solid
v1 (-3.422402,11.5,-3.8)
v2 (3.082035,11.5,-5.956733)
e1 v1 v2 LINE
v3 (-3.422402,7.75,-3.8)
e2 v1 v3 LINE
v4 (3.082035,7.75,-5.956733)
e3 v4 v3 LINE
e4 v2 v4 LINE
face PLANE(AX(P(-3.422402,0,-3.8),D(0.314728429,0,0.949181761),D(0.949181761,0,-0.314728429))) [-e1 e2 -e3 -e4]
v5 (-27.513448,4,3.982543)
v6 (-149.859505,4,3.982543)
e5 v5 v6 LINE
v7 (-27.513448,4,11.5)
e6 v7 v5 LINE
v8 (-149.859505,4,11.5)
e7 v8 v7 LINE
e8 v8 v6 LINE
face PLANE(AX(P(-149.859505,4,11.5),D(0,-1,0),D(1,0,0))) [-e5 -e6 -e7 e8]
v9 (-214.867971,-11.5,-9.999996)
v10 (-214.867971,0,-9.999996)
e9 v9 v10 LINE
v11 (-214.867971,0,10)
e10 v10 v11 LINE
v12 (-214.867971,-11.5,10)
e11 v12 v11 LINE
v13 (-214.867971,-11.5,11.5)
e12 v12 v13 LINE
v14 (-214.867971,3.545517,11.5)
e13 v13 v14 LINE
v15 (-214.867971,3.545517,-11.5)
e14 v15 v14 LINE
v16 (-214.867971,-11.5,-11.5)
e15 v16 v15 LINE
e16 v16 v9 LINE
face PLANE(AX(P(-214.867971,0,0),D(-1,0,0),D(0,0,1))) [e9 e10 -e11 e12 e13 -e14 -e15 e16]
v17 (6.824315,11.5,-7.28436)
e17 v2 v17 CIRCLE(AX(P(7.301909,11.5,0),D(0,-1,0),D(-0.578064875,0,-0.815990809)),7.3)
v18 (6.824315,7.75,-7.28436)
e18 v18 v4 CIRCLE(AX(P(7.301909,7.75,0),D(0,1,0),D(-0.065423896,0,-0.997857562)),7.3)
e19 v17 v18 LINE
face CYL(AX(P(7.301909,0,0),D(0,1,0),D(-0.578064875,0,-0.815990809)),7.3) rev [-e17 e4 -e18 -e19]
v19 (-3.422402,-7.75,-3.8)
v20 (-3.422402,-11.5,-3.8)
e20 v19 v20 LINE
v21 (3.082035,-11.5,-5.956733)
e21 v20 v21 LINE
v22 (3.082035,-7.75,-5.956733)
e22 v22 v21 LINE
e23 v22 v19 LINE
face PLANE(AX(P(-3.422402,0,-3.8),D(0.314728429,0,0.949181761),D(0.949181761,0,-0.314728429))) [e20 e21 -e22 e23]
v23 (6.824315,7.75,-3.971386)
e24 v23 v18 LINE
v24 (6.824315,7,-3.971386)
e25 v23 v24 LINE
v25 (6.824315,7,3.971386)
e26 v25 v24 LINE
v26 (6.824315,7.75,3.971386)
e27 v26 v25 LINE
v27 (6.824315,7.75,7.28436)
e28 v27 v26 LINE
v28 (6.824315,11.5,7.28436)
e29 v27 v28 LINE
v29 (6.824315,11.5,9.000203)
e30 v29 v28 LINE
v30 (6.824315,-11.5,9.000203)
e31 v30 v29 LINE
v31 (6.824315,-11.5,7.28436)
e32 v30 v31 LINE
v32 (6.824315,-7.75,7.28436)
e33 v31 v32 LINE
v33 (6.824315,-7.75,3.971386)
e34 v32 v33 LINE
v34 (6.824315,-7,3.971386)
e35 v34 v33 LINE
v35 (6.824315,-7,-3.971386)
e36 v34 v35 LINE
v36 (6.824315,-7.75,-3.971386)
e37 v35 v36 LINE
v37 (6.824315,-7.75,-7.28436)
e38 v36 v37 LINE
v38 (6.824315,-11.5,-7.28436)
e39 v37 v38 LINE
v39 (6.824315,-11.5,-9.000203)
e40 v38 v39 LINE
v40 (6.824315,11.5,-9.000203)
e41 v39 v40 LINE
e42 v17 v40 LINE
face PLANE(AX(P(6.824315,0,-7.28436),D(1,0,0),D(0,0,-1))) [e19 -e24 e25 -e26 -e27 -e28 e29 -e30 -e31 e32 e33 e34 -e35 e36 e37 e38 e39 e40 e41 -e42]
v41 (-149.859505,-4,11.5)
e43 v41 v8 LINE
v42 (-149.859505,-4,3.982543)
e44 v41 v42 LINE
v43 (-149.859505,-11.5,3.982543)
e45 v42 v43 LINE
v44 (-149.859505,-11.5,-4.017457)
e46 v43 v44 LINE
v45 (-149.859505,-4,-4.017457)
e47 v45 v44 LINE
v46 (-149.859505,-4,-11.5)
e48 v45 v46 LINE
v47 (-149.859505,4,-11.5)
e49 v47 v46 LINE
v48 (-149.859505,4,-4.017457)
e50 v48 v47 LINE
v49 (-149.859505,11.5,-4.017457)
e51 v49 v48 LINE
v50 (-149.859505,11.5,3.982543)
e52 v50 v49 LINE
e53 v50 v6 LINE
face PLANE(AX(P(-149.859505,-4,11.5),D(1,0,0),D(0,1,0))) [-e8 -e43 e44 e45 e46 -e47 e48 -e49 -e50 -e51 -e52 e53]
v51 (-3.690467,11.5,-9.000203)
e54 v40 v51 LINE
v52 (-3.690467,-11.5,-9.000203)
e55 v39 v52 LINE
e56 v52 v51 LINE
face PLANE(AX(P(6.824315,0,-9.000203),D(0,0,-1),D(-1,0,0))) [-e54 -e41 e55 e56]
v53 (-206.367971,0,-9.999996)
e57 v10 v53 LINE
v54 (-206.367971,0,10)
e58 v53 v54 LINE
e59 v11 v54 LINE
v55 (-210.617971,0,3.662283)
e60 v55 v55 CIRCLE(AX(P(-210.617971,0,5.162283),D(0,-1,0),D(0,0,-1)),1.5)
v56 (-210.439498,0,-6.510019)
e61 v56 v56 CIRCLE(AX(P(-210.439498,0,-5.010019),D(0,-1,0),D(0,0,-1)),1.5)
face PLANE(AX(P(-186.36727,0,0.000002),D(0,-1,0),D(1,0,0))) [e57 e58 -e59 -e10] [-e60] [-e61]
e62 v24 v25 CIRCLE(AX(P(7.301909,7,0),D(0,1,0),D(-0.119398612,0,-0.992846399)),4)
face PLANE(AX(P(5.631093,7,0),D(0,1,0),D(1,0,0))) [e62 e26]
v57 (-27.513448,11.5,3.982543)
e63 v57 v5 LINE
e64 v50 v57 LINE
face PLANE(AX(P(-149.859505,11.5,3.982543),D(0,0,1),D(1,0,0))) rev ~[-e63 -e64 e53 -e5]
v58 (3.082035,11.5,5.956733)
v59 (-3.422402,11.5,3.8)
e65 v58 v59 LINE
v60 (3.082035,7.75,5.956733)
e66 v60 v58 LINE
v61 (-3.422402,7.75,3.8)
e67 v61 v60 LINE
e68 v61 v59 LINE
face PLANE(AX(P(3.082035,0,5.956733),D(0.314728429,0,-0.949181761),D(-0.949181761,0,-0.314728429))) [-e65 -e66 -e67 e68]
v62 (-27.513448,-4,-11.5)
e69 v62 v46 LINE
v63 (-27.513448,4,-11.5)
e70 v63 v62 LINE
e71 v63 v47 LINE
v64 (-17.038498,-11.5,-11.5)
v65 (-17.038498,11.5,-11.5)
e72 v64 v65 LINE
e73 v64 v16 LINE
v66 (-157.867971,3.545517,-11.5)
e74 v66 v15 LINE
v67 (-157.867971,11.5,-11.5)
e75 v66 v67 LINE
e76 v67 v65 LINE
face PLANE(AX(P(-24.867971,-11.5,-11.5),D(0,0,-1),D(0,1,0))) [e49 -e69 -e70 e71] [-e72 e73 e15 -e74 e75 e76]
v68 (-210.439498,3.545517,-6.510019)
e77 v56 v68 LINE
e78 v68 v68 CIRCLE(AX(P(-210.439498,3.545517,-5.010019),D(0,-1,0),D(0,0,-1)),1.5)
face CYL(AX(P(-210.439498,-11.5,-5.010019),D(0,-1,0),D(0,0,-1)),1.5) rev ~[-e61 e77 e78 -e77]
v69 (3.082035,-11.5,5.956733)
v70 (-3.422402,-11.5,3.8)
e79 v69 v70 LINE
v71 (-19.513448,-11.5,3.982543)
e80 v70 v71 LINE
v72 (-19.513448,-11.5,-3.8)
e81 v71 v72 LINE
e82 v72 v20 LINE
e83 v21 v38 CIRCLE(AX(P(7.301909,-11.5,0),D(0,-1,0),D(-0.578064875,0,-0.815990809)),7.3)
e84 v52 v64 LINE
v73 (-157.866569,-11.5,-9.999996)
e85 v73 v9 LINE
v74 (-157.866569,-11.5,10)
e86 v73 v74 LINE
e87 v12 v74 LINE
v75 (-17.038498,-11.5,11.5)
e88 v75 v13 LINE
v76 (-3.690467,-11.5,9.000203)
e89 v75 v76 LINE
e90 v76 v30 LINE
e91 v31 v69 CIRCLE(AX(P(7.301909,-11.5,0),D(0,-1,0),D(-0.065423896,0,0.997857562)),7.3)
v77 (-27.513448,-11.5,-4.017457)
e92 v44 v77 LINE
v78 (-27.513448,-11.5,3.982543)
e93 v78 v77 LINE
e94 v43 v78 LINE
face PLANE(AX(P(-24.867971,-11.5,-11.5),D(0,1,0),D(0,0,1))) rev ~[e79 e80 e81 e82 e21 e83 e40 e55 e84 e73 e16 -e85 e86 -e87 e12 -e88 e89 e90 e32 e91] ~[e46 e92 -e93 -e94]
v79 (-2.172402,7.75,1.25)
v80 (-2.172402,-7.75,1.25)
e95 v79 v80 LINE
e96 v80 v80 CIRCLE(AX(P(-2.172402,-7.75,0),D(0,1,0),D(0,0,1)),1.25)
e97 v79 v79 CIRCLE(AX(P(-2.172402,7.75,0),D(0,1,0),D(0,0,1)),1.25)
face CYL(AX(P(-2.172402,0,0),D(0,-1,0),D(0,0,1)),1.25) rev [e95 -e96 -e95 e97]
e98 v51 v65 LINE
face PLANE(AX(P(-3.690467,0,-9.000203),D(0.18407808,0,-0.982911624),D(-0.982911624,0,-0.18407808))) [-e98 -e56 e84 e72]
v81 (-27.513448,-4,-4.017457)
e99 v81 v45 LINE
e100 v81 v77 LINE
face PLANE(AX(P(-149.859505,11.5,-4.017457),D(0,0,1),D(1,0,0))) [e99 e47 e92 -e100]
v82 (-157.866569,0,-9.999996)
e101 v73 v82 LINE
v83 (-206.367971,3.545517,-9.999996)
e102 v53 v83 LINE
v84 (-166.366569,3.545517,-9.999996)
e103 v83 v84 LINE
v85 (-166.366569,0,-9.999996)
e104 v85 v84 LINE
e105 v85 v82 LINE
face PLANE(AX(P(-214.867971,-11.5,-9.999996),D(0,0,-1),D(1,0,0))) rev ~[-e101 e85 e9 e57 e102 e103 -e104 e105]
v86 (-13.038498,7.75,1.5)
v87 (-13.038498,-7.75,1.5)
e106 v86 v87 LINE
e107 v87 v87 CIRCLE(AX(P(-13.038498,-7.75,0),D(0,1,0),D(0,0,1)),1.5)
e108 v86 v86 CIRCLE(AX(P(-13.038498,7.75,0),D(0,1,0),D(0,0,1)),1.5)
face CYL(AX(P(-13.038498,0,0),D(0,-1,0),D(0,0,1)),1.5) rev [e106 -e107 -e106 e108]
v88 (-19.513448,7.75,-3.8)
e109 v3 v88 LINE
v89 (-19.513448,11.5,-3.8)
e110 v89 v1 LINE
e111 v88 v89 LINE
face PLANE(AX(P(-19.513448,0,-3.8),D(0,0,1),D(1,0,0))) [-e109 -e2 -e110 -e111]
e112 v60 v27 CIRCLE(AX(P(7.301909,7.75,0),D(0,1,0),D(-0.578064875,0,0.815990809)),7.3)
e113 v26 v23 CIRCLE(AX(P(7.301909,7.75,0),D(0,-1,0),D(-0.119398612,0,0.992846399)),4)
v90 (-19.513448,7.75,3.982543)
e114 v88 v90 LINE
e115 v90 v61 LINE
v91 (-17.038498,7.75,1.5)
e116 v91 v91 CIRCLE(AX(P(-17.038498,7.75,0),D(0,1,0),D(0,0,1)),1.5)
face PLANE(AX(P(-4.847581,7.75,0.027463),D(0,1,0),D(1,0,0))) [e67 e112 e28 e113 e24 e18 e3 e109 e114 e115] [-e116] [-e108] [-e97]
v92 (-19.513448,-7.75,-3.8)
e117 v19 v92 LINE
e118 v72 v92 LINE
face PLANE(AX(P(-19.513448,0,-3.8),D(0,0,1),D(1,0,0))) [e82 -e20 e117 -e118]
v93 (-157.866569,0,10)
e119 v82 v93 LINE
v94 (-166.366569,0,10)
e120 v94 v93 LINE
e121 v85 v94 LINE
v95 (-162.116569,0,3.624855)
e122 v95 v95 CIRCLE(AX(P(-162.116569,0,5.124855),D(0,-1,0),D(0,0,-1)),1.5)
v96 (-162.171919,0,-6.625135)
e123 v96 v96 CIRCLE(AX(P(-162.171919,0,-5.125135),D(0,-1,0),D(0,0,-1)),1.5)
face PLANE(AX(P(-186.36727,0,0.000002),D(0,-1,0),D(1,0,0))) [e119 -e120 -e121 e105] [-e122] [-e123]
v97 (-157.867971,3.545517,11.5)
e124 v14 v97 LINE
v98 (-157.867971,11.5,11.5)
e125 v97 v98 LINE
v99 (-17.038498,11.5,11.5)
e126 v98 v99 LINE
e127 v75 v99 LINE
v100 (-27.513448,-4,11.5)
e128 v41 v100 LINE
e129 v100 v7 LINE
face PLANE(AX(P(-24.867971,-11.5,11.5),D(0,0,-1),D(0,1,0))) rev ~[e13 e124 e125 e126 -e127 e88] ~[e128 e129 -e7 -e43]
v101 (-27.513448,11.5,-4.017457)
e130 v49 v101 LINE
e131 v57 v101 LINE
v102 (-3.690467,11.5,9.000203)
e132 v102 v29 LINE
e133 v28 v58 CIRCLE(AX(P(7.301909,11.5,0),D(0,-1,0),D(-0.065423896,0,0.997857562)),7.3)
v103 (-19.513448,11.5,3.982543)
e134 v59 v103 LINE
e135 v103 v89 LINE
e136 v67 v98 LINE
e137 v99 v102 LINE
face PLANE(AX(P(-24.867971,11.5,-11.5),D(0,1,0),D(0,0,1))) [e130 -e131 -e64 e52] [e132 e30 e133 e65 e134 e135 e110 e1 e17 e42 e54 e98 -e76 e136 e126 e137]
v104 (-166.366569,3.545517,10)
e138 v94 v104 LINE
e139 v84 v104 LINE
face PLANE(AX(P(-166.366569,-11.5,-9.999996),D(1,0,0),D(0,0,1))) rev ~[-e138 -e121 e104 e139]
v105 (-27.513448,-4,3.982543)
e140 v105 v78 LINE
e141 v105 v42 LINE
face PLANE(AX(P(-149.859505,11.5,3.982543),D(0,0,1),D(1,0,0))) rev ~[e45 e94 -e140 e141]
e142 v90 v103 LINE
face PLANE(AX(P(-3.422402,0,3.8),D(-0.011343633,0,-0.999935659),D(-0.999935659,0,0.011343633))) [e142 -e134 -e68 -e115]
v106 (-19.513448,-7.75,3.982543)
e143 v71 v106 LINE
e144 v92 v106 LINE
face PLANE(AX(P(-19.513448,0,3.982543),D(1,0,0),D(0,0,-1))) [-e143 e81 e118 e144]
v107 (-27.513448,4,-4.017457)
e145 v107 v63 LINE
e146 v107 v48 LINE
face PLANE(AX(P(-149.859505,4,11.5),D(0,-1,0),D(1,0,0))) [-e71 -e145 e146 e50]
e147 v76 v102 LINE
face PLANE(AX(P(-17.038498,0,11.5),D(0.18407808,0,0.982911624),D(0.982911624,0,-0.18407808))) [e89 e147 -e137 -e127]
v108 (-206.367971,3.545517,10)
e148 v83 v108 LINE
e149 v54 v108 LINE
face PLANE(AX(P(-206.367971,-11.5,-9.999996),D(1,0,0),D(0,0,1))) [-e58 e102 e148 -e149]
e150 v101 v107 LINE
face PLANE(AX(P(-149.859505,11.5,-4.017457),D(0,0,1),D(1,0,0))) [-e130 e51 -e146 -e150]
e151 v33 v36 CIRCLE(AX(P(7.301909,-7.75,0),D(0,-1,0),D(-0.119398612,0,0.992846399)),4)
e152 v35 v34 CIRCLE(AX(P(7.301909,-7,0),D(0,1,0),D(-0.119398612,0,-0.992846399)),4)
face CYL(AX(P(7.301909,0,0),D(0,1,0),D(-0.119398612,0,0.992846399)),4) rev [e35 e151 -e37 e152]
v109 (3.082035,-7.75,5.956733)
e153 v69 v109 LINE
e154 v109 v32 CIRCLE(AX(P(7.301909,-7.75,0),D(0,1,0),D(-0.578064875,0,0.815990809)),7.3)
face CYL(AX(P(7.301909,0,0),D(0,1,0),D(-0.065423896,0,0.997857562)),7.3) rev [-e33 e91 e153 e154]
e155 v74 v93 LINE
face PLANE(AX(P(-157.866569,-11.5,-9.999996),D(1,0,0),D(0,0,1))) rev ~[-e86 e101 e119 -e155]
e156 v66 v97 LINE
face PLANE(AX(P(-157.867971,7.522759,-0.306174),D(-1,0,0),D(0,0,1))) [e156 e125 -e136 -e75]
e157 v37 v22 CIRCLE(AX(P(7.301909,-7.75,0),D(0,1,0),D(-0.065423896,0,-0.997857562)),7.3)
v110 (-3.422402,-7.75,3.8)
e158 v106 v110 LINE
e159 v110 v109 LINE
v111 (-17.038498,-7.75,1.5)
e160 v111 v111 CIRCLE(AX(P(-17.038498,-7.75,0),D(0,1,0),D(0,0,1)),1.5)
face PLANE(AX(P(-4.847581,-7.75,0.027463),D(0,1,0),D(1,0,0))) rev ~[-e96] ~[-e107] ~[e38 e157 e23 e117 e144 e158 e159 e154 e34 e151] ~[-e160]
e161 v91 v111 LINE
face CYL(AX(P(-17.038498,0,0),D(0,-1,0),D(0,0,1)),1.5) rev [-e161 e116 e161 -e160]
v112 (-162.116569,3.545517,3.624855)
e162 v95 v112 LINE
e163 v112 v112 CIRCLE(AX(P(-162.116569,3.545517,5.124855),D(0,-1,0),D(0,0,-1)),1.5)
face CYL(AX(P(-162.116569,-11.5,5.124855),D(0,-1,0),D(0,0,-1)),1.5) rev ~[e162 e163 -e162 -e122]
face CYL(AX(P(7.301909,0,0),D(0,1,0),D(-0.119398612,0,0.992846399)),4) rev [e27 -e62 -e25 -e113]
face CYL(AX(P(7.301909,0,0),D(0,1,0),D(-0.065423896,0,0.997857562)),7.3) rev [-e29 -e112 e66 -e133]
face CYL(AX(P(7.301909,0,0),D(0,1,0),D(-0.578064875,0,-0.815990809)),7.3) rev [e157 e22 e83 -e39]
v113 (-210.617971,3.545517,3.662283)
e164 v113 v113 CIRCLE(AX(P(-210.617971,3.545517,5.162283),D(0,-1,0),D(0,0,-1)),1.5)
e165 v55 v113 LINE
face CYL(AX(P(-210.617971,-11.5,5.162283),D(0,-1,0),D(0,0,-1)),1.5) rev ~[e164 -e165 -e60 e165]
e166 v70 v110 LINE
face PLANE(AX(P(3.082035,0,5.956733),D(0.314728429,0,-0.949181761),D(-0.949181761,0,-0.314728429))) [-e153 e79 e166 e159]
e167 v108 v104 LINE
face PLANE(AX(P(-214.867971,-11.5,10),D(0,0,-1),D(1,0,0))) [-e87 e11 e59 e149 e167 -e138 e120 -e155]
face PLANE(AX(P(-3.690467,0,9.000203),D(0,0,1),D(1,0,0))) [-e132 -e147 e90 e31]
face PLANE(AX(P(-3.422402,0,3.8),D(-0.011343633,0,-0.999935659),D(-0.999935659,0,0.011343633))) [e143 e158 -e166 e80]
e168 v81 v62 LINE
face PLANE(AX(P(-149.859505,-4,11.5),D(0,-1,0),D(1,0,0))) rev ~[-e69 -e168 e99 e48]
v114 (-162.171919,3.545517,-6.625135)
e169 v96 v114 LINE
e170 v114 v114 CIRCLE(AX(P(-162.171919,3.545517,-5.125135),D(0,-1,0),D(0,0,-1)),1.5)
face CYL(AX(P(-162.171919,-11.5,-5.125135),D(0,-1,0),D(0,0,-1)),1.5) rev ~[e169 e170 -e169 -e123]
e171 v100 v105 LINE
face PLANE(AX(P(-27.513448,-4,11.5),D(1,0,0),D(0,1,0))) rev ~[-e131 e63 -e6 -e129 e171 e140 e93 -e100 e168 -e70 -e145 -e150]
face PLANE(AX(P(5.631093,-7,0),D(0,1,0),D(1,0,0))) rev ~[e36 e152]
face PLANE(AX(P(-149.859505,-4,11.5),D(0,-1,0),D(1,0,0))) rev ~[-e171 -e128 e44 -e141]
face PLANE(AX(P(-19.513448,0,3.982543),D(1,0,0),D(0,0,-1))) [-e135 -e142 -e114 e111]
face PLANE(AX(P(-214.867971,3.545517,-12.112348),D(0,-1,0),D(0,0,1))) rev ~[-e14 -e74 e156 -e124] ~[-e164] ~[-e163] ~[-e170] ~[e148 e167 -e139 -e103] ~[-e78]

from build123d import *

# Parameters (mm, degrees)
BOSS_EXTRUDE1_DEPTH = 11.5
SKETCH1_13_R        = 1.5
SKETCH1_13_R_2      = 1.25
BOSS_EXTRUDE2_DEPTH = 7.75
BOSS_EXTRUDE3_DEPTH = 7
SKETCH2_W           = 23
SKETCH2_H           = 23
BOSS_EXTRUDE4_DEPTH = 190
CUT_EXTRUDE1_DEPTH  = 57
SKETCH8_W           = 57.001402056
SKETCH8_H           = 19.999995634
CUT_EXTRUDE5_DEPTH  = 11.5
SKETCH8_6_W         = 40.001402056
SKETCH8_6_H         = 19.999995634
SKETCH8_6_R         = 1.5
CUT_EXTRUDE7_DEPTH  = 15.55
SKETCH11_W          = 122.346056991
SKETCH11_H          = 8
CUT_EXTRUDE8_DEPTH  = 85.55
SKETCH10_W          = 122.346056991
SKETCH10_H          = 8
CUT_EXTRUDE9_DEPTH  = 105.55


with BuildPart() as part:
    # Sketch1 → Boss-Extrude1 (new, symmetric)
    with BuildSketch(Plane(origin=(0, 0, 0), x_dir=(1, 0, 0), z_dir=(0, 1, 0))):
        with BuildLine():
            Line((6.824314586, 7.284360201), (6.824314586, 9.00020274))
            Line((6.824314586, 9.00020274), (-3.690467309, 9.00020274))
            Line((-3.690467309, 9.00020274), (-17.038497557, 11.5))
            Line((-17.038497557, 11.5), (-24.867971487, 11.5))
            Line((-24.867971487, 11.5), (-24.867971487, -11.5))
            Line((-24.867971487, -11.5), (-17.038497557, -11.5))
            Line((-17.038497557, -11.5), (-3.690467309, -9.00020274))
            Line((-3.690467309, -9.00020274), (6.824314586, -9.00020274))
            Line((6.824314586, -9.00020274), (6.824314586, -7.284360201))
            ThreePointArc((6.824314586, -7.284360201), (4.861171432, -6.879883717), (3.082035449, -5.956732906))
            Line((3.082035449, -5.956732906), (-3.422402494, -3.8))
            Line((-3.422402494, -3.8), (-19.513448301, -3.98254267))
            Line((-19.513448301, -3.98254267), (-19.513448301, 3.8))
            Line((-19.513448301, 3.8), (-3.422402494, 3.8))
            Line((-3.422402494, 3.8), (3.082035449, 5.956732906))
            ThreePointArc((3.082035449, 5.956732906), (4.861171432, 6.879883717), (6.824314586, 7.284360201))
        make_face()
    extrude(amount=BOSS_EXTRUDE1_DEPTH, both=True)

    # Sketch1<13> → Boss-Extrude2 (add, symmetric)
    with BuildSketch(Plane(origin=(0, 0, 0), x_dir=(1, 0, 0), z_dir=(0, 1, 0))):
        with BuildLine():
            Line((6.824314586, 3.971385595), (6.824314586, 7.284360201))
            ThreePointArc((6.824314586, 7.284360201), (4.861171432, 6.879883717), (3.082035449, 5.956732906))
            Line((3.082035449, 5.956732906), (-3.422402494, 3.8))
            Line((-3.422402494, 3.8), (-19.513448301, 3.8))
            Line((-19.513448301, 3.8), (-19.513448301, -3.98254267))
            Line((-19.513448301, -3.98254267), (-3.422402494, -3.8))
            Line((-3.422402494, -3.8), (3.082035449, -5.956732906))
            ThreePointArc((3.082035449, -5.956732906), (4.861171432, -6.879883717), (6.824314586, -7.284360201))
            Line((6.824314586, -7.284360201), (6.824314586, -3.971385595))
            ThreePointArc((6.824314586, -3.971385595), (3.301909035, 0), (6.824314586, 3.971385595))
        make_face()
        with Locations((-17.038497557, 0)):
            Circle(SKETCH1_13_R, mode=Mode.SUBTRACT)
        with Locations((-13.038497557, 0)):
            Circle(SKETCH1_13_R, mode=Mode.SUBTRACT)
        with Locations((-2.172402494, 0)):
            Circle(SKETCH1_13_R_2, mode=Mode.SUBTRACT)
    extrude(amount=BOSS_EXTRUDE2_DEPTH, both=True)

    # Sketch1<14> → Boss-Extrude3 (add, symmetric)
    with BuildSketch(Plane(origin=(0, 0, 0), x_dir=(1, 0, 0), z_dir=(0, 1, 0))):
        with BuildLine():
            Line((6.824314586, -3.971385595), (6.824314586, 3.971385595))
            ThreePointArc((6.824314586, 3.971385595), (3.301909035, 0), (6.824314586, -3.971385595))
        make_face()
    extrude(amount=BOSS_EXTRUDE3_DEPTH, both=True)

    # Sketch2 → Boss-Extrude4 (add)
    with BuildSketch(Plane.ZY.offset(24.867971487)):
        Rectangle(SKETCH2_W, SKETCH2_H)
    extrude(amount=BOSS_EXTRUDE4_DEPTH)

    # Sketch9 → Cut-Extrude1 (cut)
    with BuildSketch(Plane.ZY.offset(214.867971487)):
        Polygon((-12.112347762, 3.545517382), (11.5, 3.545517382), (11.5, 11.5), (-11.5, 11.5), (-12.112347762, 11.5), align=None)
    extrude(amount=-CUT_EXTRUDE1_DEPTH, mode=Mode.SUBTRACT)

    # Sketch8 → Cut-Extrude5 (cut)
    with BuildSketch(Plane.XZ.offset(11.5)):
        with Locations((-186.367270459, 2.183e-06)):
            Rectangle(SKETCH8_W, SKETCH8_H)
    extrude(amount=-CUT_EXTRUDE5_DEPTH, mode=Mode.SUBTRACT)

    # Sketch8<6> → Cut-Extrude7 (cut)
    with BuildSketch(Plane.XZ.offset(11.5)):
        with Locations((-186.367270459, 2.183e-06)):
            Rectangle(SKETCH8_6_W, SKETCH8_6_H)
        with Locations((-210.617971487, 5.162283196)):
            Circle(SKETCH8_6_R)
        with Locations((-210.439498104, -5.010019091)):
            Circle(SKETCH8_6_R)
        with Locations((-162.116569431, 5.124855295)):
            Circle(SKETCH8_6_R)
        with Locations((-162.171918624, -5.125135232)):
            Circle(SKETCH8_6_R)
    extrude(amount=-CUT_EXTRUDE7_DEPTH, mode=Mode.SUBTRACT)

    # Sketch11 → Cut-Extrude8 (cut)
    with BuildSketch(Plane.XY.offset(11.5)):
        with Locations((-88.686476797, 0)):
            Rectangle(SKETCH11_W, SKETCH11_H)
    extrude(amount=-CUT_EXTRUDE8_DEPTH, mode=Mode.SUBTRACT)

    # Sketch10 → Cut-Extrude9 (cut)
    with BuildSketch(Plane(origin=(0, 11.5, 0), x_dir=(1, 0, 0), z_dir=(0, 1, 0))):
        with Locations((-88.686476797, 0.01745733)):
            Rectangle(SKETCH10_W, SKETCH10_H)
    extrude(amount=-CUT_EXTRUDE9_DEPTH, mode=Mode.SUBTRACT)


solid = part.part
